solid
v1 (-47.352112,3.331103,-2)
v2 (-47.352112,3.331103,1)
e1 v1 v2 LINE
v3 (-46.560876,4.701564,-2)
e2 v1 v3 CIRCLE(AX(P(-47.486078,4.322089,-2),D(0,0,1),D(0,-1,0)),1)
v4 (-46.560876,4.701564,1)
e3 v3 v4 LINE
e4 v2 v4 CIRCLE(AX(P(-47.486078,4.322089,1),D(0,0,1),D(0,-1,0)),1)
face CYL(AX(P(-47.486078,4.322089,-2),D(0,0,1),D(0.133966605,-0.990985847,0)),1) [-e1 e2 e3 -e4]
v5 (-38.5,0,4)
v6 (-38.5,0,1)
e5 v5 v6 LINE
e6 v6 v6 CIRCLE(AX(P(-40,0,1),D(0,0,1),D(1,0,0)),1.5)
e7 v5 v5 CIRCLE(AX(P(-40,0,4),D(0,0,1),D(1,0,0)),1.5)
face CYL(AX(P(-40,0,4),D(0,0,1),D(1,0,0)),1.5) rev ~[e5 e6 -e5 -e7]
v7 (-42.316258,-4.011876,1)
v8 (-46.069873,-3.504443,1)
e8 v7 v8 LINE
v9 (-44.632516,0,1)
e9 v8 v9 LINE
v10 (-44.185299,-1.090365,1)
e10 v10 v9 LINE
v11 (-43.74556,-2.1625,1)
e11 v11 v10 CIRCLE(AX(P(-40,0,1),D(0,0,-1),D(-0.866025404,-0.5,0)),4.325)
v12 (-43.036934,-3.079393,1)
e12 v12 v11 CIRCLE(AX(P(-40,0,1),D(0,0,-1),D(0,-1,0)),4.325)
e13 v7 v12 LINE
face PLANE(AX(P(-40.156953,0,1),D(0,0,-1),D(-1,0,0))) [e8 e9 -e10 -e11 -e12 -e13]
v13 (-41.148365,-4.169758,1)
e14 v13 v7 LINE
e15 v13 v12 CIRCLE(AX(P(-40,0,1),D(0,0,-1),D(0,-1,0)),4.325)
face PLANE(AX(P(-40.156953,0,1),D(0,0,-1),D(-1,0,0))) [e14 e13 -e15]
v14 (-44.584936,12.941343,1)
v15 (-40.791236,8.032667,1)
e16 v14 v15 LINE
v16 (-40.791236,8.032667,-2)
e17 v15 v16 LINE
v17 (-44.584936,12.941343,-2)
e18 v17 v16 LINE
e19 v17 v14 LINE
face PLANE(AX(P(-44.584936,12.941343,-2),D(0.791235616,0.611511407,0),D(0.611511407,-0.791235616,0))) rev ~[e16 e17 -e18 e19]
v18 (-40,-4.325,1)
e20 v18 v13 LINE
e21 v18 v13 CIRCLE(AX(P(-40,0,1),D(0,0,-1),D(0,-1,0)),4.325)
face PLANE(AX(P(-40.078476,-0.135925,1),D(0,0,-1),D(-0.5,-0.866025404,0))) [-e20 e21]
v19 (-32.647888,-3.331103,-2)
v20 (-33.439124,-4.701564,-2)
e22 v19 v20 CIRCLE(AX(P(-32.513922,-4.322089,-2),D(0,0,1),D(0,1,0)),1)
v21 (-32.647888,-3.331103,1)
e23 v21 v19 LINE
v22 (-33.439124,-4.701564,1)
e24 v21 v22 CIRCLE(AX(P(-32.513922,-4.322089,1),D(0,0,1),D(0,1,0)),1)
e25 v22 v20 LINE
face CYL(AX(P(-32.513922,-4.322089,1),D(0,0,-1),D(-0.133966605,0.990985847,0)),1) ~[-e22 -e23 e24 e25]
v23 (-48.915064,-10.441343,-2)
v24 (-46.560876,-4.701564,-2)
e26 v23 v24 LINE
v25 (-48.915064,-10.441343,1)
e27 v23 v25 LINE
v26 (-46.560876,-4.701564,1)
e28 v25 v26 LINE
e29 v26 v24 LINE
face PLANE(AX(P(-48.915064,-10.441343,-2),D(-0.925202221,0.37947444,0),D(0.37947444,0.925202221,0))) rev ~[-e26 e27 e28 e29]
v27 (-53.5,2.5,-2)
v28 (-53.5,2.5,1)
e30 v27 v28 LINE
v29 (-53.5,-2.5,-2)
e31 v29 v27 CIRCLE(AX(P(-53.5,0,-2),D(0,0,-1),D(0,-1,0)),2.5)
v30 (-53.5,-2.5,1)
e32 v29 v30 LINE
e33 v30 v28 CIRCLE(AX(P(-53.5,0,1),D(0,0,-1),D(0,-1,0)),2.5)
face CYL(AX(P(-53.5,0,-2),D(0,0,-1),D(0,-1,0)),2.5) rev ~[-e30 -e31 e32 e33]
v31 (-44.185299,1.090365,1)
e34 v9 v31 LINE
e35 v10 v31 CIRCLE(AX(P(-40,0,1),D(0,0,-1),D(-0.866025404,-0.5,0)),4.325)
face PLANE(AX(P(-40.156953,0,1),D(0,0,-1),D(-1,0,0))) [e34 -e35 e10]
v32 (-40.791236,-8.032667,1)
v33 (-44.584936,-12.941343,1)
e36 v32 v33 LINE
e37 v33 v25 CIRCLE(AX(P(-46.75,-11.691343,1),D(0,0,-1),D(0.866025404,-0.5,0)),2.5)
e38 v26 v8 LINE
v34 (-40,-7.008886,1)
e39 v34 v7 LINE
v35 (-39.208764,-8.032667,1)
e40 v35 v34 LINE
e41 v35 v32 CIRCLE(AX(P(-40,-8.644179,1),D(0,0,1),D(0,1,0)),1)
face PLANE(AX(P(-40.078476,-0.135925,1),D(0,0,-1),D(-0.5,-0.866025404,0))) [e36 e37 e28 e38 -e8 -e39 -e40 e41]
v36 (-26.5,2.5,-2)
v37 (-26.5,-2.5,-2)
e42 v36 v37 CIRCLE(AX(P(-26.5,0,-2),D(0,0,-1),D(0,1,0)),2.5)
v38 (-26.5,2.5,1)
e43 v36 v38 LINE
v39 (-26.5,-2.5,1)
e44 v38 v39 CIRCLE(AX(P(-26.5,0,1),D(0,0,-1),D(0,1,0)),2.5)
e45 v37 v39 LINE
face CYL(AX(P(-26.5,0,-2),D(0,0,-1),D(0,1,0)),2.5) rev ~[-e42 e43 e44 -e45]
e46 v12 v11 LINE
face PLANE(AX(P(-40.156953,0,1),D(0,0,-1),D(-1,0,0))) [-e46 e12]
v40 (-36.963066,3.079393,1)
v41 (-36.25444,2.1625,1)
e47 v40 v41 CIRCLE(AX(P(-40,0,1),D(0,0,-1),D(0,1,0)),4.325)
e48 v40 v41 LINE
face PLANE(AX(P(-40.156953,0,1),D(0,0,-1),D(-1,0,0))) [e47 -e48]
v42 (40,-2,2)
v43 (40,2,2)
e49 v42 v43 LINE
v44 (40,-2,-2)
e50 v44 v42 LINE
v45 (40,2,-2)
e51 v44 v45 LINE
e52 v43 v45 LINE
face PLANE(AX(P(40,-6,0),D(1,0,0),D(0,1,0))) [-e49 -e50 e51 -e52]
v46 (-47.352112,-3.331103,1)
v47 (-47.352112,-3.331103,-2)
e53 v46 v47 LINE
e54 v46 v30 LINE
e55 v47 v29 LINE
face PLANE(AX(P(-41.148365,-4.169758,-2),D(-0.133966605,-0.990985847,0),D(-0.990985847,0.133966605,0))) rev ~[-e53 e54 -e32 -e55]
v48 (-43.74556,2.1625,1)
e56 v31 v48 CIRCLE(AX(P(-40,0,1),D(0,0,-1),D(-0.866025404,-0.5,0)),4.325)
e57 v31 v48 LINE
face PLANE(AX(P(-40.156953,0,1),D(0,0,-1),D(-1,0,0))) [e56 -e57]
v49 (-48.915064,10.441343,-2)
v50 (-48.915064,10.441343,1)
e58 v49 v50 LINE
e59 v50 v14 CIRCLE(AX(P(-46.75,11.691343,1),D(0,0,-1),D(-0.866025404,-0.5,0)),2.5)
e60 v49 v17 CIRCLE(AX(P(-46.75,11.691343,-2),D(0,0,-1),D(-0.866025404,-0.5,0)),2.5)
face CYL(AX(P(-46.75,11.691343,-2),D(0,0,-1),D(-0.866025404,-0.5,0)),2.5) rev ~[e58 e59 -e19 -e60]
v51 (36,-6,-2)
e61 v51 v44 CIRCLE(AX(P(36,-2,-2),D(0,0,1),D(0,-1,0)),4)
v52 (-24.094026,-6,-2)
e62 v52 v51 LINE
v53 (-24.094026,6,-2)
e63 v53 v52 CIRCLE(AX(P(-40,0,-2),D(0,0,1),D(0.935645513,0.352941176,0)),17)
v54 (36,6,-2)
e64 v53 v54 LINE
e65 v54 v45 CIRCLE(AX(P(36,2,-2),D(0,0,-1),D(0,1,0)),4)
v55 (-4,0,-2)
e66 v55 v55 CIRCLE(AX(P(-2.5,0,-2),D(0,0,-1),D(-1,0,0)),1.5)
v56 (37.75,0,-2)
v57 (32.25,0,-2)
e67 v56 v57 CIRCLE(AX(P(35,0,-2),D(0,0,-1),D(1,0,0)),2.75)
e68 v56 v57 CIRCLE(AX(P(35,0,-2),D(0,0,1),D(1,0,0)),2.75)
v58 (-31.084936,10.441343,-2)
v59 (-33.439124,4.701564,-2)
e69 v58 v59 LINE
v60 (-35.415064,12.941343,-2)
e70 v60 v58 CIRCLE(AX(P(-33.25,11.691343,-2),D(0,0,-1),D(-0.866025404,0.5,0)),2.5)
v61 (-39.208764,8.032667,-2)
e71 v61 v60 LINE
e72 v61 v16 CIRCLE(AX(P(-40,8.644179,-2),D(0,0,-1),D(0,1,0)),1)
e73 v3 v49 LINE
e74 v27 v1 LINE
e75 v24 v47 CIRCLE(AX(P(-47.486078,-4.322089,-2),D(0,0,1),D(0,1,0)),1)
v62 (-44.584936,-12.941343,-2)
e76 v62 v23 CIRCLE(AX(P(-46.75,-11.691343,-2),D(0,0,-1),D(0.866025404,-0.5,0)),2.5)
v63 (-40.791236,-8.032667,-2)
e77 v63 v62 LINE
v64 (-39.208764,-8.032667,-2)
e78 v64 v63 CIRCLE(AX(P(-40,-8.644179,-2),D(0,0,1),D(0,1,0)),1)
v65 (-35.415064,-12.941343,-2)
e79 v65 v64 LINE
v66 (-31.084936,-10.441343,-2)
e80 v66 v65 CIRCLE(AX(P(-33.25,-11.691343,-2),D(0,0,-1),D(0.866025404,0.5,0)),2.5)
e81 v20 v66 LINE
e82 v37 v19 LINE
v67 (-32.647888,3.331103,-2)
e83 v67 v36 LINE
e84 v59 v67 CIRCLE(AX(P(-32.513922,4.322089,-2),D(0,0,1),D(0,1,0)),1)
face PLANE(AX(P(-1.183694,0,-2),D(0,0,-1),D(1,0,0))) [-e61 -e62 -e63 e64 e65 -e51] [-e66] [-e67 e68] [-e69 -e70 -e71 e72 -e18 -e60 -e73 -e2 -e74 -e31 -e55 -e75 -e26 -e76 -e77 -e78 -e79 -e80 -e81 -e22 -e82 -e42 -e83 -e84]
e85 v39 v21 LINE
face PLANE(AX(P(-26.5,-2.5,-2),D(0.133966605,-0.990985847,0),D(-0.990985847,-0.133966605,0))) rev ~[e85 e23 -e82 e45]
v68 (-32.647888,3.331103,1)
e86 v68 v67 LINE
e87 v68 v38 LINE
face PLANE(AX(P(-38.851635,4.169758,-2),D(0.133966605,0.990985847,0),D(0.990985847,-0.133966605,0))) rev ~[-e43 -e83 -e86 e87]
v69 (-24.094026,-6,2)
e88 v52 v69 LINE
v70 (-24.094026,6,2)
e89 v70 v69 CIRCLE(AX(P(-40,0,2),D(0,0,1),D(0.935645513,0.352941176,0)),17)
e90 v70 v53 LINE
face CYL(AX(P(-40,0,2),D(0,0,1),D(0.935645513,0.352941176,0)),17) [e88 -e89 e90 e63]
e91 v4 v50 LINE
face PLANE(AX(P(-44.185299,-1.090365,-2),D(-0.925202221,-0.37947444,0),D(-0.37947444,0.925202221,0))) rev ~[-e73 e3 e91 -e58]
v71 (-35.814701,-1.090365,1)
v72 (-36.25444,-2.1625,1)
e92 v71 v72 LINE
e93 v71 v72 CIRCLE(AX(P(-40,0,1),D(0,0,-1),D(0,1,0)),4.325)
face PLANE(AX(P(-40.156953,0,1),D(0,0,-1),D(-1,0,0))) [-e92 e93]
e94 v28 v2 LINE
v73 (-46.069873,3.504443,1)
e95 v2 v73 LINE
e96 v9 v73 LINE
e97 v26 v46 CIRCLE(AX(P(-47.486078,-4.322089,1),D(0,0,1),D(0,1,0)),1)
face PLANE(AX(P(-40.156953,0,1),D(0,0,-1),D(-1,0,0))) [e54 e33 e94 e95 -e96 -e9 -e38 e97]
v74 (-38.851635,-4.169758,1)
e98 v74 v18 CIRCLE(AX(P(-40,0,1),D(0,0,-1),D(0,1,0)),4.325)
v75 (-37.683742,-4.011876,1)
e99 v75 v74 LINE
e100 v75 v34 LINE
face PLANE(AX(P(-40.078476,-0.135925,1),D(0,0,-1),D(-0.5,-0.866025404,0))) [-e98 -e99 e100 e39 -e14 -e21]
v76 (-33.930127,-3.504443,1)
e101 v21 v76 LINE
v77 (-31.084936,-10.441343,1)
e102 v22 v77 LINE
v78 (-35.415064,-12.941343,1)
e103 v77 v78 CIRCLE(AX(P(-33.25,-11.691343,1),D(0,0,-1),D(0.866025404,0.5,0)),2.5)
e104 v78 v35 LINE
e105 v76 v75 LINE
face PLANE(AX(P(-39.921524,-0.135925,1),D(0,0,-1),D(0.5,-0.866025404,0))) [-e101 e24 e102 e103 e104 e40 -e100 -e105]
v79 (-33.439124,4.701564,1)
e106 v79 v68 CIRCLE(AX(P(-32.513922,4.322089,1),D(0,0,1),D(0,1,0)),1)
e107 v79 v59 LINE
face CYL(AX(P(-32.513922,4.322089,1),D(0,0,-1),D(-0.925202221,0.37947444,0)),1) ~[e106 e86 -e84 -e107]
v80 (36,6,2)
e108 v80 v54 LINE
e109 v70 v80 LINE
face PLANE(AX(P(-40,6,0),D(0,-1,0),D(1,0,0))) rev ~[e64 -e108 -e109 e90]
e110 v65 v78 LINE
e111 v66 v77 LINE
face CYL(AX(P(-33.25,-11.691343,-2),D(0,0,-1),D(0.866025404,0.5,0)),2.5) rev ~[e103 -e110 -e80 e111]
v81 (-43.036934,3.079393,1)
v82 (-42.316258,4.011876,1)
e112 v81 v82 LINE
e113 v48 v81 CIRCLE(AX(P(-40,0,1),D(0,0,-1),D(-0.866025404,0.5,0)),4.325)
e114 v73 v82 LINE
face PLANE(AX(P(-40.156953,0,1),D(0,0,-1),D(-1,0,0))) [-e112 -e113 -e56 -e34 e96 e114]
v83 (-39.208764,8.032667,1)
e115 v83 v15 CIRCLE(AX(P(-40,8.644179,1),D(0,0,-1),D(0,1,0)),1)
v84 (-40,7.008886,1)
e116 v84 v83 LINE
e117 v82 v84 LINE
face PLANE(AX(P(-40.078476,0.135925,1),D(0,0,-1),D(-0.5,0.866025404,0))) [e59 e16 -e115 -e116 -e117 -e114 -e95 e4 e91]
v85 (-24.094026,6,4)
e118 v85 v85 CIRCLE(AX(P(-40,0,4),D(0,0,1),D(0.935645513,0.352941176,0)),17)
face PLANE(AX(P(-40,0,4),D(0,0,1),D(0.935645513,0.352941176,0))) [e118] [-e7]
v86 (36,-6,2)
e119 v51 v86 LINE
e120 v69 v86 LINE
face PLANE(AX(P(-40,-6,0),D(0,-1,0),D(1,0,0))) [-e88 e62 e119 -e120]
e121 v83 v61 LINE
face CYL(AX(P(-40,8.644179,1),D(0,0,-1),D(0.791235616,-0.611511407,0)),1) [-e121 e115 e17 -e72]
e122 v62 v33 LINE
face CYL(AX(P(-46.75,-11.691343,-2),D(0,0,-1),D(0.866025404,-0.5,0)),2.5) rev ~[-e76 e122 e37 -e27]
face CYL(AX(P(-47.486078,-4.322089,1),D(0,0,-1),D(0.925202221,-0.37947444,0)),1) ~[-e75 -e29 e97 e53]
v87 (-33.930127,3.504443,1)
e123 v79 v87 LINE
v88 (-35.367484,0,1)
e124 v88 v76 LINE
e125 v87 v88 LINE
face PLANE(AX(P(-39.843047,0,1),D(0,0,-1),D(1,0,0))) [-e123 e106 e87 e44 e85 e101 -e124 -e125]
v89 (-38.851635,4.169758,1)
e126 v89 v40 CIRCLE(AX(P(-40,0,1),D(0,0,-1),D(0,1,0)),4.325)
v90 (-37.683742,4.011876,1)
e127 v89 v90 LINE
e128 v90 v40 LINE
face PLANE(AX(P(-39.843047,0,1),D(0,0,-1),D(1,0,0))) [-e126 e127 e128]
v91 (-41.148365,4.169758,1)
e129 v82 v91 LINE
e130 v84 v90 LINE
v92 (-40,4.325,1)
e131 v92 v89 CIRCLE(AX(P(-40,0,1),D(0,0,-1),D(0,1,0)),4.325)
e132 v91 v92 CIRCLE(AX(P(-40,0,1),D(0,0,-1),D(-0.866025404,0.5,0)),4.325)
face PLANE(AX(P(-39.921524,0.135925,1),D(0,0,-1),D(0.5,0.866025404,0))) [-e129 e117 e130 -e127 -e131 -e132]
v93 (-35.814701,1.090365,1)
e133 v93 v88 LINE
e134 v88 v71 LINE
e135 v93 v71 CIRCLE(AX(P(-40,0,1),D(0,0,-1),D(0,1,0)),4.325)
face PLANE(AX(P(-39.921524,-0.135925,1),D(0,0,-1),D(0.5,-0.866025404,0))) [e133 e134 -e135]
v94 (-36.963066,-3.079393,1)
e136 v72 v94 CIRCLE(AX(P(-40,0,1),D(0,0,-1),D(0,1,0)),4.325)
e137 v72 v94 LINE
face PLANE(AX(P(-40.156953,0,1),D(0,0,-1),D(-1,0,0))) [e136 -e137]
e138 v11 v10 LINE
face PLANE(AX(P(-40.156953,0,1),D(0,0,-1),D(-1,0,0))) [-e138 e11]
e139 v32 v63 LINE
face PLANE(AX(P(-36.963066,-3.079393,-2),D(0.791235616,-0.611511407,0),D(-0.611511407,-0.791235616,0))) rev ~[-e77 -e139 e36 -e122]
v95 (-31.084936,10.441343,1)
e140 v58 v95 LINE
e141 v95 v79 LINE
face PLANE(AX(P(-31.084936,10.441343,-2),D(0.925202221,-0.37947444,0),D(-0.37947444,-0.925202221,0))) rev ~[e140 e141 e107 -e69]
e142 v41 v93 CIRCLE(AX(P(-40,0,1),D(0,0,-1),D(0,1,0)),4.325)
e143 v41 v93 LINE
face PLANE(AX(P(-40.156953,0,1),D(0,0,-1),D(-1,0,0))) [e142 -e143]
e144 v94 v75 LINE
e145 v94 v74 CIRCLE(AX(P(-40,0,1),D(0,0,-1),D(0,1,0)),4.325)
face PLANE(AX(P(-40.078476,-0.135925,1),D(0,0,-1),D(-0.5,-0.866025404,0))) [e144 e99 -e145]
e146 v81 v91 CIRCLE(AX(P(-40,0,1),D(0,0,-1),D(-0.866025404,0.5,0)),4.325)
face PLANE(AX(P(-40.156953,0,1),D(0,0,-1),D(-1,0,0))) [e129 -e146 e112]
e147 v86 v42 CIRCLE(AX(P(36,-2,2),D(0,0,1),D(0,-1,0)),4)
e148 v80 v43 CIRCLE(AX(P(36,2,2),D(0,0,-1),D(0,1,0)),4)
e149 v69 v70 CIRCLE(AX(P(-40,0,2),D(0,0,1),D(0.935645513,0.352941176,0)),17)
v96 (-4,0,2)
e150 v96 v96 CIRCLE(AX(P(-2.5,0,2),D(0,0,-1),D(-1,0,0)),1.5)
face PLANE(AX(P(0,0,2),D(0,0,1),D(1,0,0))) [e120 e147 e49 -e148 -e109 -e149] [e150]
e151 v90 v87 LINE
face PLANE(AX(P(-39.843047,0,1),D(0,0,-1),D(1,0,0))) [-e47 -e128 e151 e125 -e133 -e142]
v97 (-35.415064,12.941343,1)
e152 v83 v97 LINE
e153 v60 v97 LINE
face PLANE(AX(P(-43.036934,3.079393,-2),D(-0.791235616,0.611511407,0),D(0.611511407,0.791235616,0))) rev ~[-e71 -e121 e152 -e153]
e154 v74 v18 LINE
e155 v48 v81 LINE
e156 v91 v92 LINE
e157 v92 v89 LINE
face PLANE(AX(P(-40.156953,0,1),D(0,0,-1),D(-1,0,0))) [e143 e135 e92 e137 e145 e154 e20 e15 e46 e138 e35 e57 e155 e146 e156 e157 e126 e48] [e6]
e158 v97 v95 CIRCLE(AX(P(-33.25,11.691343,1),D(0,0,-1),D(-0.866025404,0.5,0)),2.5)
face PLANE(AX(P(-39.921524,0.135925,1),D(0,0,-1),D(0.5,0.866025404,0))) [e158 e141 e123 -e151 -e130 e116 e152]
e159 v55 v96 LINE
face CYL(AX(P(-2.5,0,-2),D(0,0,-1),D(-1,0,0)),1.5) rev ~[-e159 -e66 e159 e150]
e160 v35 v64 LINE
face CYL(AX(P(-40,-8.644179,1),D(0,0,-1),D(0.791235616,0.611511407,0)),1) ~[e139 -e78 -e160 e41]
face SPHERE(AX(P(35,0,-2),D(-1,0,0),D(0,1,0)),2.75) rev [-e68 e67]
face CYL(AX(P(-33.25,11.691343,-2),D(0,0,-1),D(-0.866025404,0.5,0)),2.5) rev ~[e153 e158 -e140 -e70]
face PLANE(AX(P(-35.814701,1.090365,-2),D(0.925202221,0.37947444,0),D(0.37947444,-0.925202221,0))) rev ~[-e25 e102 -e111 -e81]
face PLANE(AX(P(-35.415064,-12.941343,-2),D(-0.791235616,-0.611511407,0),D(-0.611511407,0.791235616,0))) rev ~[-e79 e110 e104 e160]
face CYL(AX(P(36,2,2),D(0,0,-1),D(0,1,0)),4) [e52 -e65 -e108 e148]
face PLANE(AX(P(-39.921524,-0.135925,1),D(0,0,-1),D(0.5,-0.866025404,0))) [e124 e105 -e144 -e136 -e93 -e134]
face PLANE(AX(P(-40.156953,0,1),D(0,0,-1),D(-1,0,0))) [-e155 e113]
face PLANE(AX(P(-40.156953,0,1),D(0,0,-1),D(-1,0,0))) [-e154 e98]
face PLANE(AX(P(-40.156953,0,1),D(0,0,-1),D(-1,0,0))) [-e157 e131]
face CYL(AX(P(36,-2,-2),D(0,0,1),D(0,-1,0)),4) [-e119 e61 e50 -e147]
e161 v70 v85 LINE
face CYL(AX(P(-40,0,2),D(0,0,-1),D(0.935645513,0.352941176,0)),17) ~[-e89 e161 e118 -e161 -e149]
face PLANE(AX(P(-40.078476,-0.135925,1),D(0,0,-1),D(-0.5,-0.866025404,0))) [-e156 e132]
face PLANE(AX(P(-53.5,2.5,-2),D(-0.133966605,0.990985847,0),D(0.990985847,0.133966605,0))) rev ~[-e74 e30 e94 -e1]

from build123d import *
from build123d.topology import SkipClean

# Parameters (mm, degrees)
SKETCH1_W                       = 80
SKETCH1_H                       = 12
BOSS_EXTRUDE1_DEPTH             = 2
CUT_REVOLVE1_ANGLE              = 180
FILLET2_R                       = 4
BOSS_EXTRUDE2_REACH             = 42.645
SKETCH6_R                       = 17
BOSS_EXTRUDE2_DIRECTION_2_DEPTH = 2
SKETCH7_R                       = 2.5
CUT_EXTRUDE3_DEPTH              = 3
CIRPATTERN1_COUNT               = 6
FILLET3_R                       = 1
CUT_EXTRUDE4_REACH              = 61.783
SKETCH8_R                       = 1.5
CUT_EXTRUDE5_REACH              = 61.783
SKETCH9_R                       = 1.5


with BuildPart() as part:
    # Sketch1 → Boss-Extrude1 (new, symmetric)
    with BuildSketch(Plane.XY):
        Rectangle(SKETCH1_W, SKETCH1_H)
    extrude(amount=BOSS_EXTRUDE1_DEPTH, both=True)

    # Sketch3 → Cut-Revolve1 (revolve, cut)
    with SkipClean():  # the faces are left unmerged after this step: merging them gives an invalid solid
        with BuildSketch(Plane.XY.offset(-2)):
            with BuildLine():
                ThreePointArc((37.75, 0), (35, 2.75), (32.25, 0))
                Line((32.25, 0), (37.75, 0))
            make_face()
            with BuildLine():
                Line((37.75, 0), (32.25, 0))
                ThreePointArc((32.25, 0), (35, -2.75), (37.75, 0))
            make_face()
        revolve(axis=Axis((32.25, 0, -2), (1, 0, 0)), revolution_arc=CUT_REVOLVE1_ANGLE, mode=Mode.SUBTRACT)

    # Fillet2
    fillet2_edges = [part.edges().sort_by_distance(p)[0] for p in [
        (40, -6, 0),
        (40, 6, 0),
    ]]
    fillet(fillet2_edges, radius=FILLET2_R)

    # Boss-Extrude2: up to this face of the body (flat: up to its plane)
    boss_extrude2_end = Plane(part.part.faces().sort_by_distance((-1.183693998, 0, -2))[0])
    # Sketch6 → Boss-Extrude2 (add, up to the picked face)
    with BuildSketch(Plane.XY.offset(2), mode=Mode.PRIVATE) as boss_extrude2_sk1:
        with Locations(Location((-40, 0, 0), (0, 0, 20.667316494))):
            Circle(SKETCH6_R)
    boss_extrude2_tool1 = split(extrude(boss_extrude2_sk1.sketch, amount=-BOSS_EXTRUDE2_REACH, mode=Mode.PRIVATE), bisect_by=boss_extrude2_end, keep=Keep.BOTH, mode=Mode.PRIVATE)
    add(boss_extrude2_tool1.solids().sort_by(Axis((-40, 0, 2), (0, 0, -1)))[0])

    # Sketch6 → Boss-Extrude2 direction 2 (add)
    with BuildSketch(Plane.XY.offset(2)):
        with Locations(Location((-40, 0, 0), (0, 0, 20.667316494))):
            Circle(SKETCH6_R)
    extrude(amount=BOSS_EXTRUDE2_DIRECTION_2_DEPTH)

    # Sketch7 → Cut-Extrude3 (cut)
    with BuildSketch(Plane(origin=(0, 0, -2), x_dir=(-1, 0, 0), z_dir=(0, 0, -1))):
        with BuildLine():
            Line((41.148365434, 4.169758006), (40, 4.325))
            ThreePointArc((40, 4.325), (35.675, 0), (40, -4.325))
            Line((40, -4.325), (41.148365434, -4.169758006))
            ThreePointArc((41.148365434, -4.169758006), (43.440371019, -2.620967808), (44.325, 0))
            ThreePointArc((44.325, 0), (43.440371019, 2.620967808), (41.148365434, 4.169758006))
        make_face()
        with BuildLine():
            Line((53.5, 2.5), (41.148365434, 4.169758006))
            ThreePointArc((41.148365434, 4.169758006), (43.440371019, 2.620967808), (44.325, 0))
            ThreePointArc((44.325, 0), (43.440371019, -2.620967808), (41.148365434, -4.169758006))
            Line((41.148365434, -4.169758006), (53.5, -2.5))
            ThreePointArc((53.5, -2.5), (51, 0), (53.5, 2.5))
        make_face()
        with Locations((53.5, 0)):
            Circle(SKETCH7_R)
    cut_extrude3 = extrude(amount=-CUT_EXTRUDE3_DEPTH, mode=Mode.SUBTRACT)

    # CirPattern1: Cut-Extrude3 ×6 about axis
    cirpattern1_axis = Axis((-40, 0, 0), (0, 0, 1))
    for i in range(1, CIRPATTERN1_COUNT):
        add(cut_extrude3.rotate(cirpattern1_axis, i * 360 / CIRPATTERN1_COUNT), mode=Mode.SUBTRACT)

    # Fillet3
    fillet3_edges = [part.edges().sort_by_distance(p)[0] for p in [
        (-46.069873399, 3.504443041, -0.5),
        (-40, 7.008886081, -0.5),
        (-33.930126601, 3.504443041, -0.5),
        (-33.930126601, -3.504443041, -0.5),
        (-40, -7.008886081, -0.5),
        (-46.069873399, -3.504443041, -0.5),
    ]]
    fillet(fillet3_edges, radius=FILLET3_R)

    # Sketch8 → Cut-Extrude4 (cut, up to next)
    with BuildSketch(Plane.XY.offset(4), mode=Mode.PRIVATE) as cut_extrude4_sk1:
        with Locations((-40, 0)):
            Circle(SKETCH8_R)
    cut_extrude4_tool1 = extrude(cut_extrude4_sk1.sketch, amount=-CUT_EXTRUDE4_REACH, mode=Mode.PRIVATE) & part.part
    add(cut_extrude4_tool1.solids().sort_by_distance((-40, 0, 4))[0], mode=Mode.SUBTRACT)

    # Sketch9 → Cut-Extrude5 (cut, up to next)
    with BuildSketch(Plane(origin=(0, 0, -2), x_dir=(-1, 0, 0), z_dir=(0, 0, -1)), mode=Mode.PRIVATE) as cut_extrude5_sk1:
        with Locations((2.5, 0)):
            Circle(SKETCH9_R)
    cut_extrude5_tool1 = extrude(cut_extrude5_sk1.sketch, amount=-CUT_EXTRUDE5_REACH, mode=Mode.PRIVATE) & part.part
    add(cut_extrude5_tool1.solids().sort_by_distance((-2.5, 0, -2))[0], mode=Mode.SUBTRACT)


solid = part.part
